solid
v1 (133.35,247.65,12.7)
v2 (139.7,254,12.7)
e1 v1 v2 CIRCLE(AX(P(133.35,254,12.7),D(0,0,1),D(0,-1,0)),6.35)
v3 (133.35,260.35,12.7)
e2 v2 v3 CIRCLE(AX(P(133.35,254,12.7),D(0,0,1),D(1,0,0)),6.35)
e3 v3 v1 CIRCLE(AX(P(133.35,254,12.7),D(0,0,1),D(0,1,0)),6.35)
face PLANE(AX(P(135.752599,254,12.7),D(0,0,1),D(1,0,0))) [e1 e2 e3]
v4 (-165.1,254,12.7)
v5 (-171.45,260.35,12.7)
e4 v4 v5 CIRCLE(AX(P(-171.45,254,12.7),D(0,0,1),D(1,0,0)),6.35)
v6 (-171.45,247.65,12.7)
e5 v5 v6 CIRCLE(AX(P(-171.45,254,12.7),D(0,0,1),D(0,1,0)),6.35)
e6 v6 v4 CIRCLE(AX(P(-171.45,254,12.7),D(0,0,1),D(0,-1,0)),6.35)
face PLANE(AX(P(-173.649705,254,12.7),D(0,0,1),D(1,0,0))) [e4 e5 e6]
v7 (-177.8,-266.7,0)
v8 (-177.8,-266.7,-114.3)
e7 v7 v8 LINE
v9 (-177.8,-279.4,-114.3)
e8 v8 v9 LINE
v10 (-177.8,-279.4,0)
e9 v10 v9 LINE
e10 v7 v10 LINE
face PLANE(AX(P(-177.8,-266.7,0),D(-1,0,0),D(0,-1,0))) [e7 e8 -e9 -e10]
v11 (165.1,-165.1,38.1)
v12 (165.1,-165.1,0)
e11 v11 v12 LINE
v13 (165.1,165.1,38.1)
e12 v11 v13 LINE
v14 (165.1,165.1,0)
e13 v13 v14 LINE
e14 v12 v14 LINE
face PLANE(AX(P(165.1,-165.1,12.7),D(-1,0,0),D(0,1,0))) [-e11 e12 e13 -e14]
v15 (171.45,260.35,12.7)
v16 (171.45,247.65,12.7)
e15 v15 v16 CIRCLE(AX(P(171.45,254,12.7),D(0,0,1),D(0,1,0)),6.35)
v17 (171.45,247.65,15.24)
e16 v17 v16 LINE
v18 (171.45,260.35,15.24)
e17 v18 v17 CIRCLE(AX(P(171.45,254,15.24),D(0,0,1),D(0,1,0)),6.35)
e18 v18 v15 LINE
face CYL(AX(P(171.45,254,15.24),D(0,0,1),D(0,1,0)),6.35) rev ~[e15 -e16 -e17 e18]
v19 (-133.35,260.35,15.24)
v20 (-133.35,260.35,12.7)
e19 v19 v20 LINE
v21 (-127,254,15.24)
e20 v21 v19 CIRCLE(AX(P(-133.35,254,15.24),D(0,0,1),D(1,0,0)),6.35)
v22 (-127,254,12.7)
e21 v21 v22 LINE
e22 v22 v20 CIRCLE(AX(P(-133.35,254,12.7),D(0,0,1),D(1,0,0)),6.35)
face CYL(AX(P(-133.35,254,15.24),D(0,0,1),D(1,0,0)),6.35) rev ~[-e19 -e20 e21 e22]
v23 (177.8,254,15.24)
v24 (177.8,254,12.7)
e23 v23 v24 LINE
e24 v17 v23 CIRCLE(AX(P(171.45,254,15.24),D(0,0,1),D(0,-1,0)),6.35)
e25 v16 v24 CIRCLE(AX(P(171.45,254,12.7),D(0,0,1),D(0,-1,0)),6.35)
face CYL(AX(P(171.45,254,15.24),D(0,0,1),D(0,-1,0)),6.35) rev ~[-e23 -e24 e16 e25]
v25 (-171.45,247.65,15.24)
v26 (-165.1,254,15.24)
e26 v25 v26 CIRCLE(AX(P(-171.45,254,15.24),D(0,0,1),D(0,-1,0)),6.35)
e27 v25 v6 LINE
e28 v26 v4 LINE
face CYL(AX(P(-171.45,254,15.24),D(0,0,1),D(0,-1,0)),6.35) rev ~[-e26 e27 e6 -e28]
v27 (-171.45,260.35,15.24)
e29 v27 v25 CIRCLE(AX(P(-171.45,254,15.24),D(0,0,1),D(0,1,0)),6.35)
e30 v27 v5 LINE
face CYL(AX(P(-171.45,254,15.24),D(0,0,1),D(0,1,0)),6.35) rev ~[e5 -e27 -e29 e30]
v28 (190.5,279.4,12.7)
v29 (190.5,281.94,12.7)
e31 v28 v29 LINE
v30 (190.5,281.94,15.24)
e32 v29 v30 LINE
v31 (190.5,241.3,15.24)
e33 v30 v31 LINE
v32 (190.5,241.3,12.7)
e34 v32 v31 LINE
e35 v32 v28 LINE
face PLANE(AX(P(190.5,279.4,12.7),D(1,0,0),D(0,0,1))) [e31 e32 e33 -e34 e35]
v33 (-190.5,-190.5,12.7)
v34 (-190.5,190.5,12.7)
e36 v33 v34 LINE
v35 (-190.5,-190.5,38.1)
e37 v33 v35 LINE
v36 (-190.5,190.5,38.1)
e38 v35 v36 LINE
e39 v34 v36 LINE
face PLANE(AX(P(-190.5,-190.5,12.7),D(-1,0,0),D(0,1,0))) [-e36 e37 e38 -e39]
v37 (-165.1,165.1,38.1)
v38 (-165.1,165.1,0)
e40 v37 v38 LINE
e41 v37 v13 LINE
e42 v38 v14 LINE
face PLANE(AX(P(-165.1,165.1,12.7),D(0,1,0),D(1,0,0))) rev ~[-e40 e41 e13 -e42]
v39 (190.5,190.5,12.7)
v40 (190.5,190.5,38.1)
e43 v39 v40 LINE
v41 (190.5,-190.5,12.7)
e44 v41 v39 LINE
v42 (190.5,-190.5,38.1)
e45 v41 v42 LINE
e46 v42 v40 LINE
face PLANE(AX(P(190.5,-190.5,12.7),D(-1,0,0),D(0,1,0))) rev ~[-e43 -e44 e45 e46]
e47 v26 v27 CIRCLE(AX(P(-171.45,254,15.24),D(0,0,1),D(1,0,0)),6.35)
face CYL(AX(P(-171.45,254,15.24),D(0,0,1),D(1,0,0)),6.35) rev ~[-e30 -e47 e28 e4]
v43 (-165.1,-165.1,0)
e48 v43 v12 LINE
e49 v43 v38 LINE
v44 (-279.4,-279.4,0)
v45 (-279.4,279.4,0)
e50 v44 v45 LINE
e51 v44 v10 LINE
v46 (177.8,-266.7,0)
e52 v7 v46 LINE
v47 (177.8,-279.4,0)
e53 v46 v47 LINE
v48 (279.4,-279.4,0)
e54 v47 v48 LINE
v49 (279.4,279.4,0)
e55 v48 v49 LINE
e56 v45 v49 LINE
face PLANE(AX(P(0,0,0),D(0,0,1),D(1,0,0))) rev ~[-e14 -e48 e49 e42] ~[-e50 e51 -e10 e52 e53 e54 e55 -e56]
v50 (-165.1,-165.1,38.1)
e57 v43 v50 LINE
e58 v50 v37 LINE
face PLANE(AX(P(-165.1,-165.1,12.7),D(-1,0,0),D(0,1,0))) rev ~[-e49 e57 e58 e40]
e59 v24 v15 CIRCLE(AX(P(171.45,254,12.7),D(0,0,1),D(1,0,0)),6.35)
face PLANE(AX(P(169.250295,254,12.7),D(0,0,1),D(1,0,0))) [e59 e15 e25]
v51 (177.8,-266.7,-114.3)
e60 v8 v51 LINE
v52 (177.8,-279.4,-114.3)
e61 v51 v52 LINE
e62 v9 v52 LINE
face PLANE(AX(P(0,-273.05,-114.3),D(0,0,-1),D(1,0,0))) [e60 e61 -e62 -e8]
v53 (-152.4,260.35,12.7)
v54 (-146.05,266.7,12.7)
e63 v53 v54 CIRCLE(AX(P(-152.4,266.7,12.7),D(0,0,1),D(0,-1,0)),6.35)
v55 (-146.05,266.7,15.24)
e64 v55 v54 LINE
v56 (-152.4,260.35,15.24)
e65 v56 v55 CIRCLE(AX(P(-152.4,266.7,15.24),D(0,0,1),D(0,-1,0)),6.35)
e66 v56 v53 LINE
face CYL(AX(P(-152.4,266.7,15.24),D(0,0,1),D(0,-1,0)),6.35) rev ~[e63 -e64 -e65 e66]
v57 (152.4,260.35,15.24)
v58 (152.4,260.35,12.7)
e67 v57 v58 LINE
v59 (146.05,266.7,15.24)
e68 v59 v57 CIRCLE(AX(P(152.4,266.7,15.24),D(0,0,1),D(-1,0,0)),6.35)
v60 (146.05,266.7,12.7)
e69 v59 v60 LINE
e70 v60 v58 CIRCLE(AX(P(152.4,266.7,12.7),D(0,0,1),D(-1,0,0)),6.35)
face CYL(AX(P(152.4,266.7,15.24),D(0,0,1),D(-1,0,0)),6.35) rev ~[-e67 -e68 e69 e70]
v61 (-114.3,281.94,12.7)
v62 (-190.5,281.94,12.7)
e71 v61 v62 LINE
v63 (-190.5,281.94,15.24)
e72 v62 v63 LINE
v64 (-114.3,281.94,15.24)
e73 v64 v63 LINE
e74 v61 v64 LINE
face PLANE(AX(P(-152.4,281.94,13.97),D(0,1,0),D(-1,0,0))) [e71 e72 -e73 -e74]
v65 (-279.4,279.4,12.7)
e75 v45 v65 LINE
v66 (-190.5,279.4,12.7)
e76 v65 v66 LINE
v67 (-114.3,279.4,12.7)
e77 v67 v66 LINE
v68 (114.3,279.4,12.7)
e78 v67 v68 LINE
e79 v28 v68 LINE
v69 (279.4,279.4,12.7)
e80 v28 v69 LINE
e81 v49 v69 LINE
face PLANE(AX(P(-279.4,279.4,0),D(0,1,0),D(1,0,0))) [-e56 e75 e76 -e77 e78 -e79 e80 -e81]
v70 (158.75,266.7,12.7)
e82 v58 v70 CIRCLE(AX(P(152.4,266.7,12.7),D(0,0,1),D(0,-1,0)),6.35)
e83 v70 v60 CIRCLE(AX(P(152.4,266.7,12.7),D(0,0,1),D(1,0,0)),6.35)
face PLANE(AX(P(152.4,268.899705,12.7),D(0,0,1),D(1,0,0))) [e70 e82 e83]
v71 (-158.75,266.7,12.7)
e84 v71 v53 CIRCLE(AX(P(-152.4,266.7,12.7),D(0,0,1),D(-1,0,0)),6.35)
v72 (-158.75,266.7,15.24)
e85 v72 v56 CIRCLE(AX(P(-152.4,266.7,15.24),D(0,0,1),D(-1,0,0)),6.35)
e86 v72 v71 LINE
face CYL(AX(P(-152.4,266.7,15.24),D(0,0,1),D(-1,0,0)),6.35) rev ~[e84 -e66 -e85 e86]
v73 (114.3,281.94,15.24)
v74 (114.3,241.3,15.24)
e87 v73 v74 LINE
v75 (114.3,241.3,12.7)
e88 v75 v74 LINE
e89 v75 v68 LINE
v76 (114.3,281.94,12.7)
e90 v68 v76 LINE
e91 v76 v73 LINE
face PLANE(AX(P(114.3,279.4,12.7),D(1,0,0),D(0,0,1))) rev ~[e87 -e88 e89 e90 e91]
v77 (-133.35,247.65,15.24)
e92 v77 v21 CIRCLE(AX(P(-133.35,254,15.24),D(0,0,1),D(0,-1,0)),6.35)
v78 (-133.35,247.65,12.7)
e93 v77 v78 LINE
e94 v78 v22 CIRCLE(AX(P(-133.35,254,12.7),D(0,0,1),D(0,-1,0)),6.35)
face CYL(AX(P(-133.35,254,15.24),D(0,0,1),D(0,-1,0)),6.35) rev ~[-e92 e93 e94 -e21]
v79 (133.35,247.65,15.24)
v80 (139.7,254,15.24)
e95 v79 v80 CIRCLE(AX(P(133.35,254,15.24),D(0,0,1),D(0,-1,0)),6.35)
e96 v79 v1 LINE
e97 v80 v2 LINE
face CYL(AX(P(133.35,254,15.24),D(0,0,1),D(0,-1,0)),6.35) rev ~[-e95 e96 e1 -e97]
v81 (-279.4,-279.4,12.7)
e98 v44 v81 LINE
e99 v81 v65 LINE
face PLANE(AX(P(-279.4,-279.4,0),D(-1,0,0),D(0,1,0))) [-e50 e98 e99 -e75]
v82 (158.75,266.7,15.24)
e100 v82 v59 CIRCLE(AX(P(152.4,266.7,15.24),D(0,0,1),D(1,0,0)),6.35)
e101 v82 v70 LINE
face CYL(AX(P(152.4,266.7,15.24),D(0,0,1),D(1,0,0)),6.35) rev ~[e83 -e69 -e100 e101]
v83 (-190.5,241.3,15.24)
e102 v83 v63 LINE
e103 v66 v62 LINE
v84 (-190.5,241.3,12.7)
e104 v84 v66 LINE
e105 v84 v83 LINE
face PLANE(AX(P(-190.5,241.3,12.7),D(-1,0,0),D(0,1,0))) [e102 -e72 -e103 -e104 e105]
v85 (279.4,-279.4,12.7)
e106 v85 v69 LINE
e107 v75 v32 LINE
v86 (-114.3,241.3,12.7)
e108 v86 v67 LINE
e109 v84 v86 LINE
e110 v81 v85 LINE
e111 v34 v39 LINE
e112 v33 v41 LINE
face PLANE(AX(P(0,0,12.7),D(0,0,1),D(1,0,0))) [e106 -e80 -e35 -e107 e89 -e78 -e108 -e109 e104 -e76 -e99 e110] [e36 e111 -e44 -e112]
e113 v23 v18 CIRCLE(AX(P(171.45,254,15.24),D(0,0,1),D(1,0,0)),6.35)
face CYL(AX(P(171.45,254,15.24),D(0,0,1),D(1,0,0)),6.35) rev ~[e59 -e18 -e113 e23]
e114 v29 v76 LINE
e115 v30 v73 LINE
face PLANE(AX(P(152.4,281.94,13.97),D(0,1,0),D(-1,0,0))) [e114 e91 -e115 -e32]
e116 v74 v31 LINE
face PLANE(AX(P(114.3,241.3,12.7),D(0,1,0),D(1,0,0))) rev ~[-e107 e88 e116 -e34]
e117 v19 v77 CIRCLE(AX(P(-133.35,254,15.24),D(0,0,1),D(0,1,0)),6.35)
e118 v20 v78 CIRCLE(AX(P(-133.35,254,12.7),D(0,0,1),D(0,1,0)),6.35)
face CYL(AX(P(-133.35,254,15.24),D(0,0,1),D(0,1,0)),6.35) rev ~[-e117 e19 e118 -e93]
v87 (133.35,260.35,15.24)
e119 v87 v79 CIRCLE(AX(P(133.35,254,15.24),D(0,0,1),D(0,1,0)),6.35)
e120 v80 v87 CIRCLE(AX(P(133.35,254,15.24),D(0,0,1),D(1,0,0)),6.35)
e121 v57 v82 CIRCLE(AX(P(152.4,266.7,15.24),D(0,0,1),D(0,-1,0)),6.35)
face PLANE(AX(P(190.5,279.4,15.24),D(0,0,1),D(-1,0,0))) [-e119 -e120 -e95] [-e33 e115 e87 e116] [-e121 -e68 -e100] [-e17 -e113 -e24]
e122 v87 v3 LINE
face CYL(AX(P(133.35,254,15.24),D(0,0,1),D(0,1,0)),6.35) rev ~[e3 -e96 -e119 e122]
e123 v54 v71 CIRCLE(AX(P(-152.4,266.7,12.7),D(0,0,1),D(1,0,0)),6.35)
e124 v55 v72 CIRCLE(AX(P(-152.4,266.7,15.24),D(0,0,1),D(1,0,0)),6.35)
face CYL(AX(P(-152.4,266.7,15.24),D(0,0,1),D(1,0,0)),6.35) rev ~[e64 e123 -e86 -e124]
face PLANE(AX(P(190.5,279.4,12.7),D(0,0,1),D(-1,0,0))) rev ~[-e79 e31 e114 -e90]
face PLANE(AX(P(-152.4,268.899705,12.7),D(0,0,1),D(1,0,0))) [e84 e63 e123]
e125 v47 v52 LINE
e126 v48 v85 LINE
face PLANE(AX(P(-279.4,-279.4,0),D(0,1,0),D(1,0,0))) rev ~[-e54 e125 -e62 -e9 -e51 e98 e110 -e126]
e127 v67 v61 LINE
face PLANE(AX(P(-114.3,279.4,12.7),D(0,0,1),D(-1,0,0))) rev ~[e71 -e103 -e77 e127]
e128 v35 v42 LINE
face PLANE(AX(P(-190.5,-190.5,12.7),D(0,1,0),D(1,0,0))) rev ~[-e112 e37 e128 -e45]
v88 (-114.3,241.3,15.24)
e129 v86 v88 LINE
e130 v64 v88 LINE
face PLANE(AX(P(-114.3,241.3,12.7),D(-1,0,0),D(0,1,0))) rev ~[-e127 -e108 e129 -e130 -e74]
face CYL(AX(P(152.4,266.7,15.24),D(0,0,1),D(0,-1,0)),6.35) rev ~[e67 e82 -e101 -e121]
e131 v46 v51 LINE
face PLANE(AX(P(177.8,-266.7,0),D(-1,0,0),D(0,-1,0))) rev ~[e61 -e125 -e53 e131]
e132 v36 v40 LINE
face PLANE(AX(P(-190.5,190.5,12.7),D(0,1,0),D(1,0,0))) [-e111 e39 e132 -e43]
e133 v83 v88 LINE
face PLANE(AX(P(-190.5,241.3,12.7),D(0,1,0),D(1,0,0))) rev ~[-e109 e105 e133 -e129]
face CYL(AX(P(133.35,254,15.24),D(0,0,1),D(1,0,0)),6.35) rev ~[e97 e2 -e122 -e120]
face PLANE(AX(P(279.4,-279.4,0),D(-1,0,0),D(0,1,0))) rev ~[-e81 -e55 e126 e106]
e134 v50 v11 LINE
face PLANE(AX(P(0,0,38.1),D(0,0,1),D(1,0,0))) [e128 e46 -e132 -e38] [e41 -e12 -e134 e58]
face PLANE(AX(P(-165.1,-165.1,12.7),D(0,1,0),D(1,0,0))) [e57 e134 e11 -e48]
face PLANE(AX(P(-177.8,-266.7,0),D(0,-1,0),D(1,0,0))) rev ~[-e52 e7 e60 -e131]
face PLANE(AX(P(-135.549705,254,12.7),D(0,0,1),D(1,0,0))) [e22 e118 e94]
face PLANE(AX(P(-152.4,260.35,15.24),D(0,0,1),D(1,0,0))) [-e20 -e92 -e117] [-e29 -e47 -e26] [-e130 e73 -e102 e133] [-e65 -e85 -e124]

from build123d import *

# Parameters (mm, degrees)
F0_W      = 558.8
F0_H      = 558.8
F1_DEPTH  = 12.7
F2_W      = 355.6
F2_H      = 12.7
F3_DEPTH  = 114.3
F4_W      = 330.2
F4_H      = 330.2
F5_DEPTH  = 25.4
F6_W      = 381
F6_H      = 381
F6_W_2    = 330.2
F6_H_2    = 330.2
F7_DEPTH  = 25.4
F8_W      = 76.2
F8_H      = 38.1
F9_DEPTH  = 2.54
F10_W     = 76.2
F10_H     = 2.54
F11_DEPTH = 2.54
F13_DEPTH = 2.54
F15_DEPTH = 2.54


with BuildPart() as f1:
    # F0 (on Top) → F1 (new body)
    with BuildSketch(Plane.XY):
        Rectangle(F0_W, F0_H)
    extrude(amount=F1_DEPTH)

    # F2 (on face) → F3 (join)
    with BuildSketch(Plane(origin=(0, 0, 0), x_dir=(1, 0, 0), z_dir=(0, 0, -1))):
        with Locations((0, 273.05)):
            Rectangle(F2_W, F2_H)
    extrude(amount=F3_DEPTH)

    # F4 (on face) → F5 (cut)
    with BuildSketch(Plane.XY.offset(12.7)):
        Rectangle(F4_W, F4_H)
    extrude(amount=-F5_DEPTH, mode=Mode.SUBTRACT)

    # F6 (on face) → F7 (join)
    with BuildSketch(Plane.XY.offset(12.7)):
        Rectangle(F6_W, F6_H)
        Rectangle(F6_W_2, F6_H_2, mode=Mode.SUBTRACT)
    extrude(amount=F7_DEPTH)

    # F8 (on face) → F9 (join)
    with BuildSketch(Plane.XY.offset(12.7)):
        with Locations((-152.4, 260.35)):
            Rectangle(F8_W, F8_H)
        with Locations((152.4, 260.35)):
            Rectangle(F8_W, F8_H)
    extrude(amount=F9_DEPTH)

    # F10 (on face) → F11 (join)
    with BuildSketch(Plane(origin=(0, 279.4, 0), x_dir=(-1, 0, 0), z_dir=(0, 1, 0))):
        with Locations((-152.4, 13.97)):
            Rectangle(F10_W, F10_H)
        with Locations((152.4, 13.97)):
            Rectangle(F10_W, F10_H)
    extrude(amount=F11_DEPTH)

    # F12 (on face) → F13 (cut)
    with BuildSketch(Plane.XY.offset(15.24)):
        with BuildLine():
            Line((-158.75, 266.7), (-152.4, 266.7))
            Line((-152.4, 266.7), (-146.05, 266.7))
            ThreePointArc((-146.05, 266.7), (-152.4, 273.05), (-158.75, 266.7))
        make_face()
        with BuildLine():
            ThreePointArc((-158.75, 266.7), (-156.8901280605, 262.2098719395), (-152.4, 260.35))
            Line((-152.4, 260.35), (-152.4, 266.7))
            Line((-152.4, 266.7), (-158.75, 266.7))
        make_face()
        with BuildLine():
            Line((-152.4, 266.7), (-152.4, 260.35))
            ThreePointArc((-152.4, 260.35), (-147.9098719395, 262.2098719395), (-146.05, 266.7))
            Line((-146.05, 266.7), (-152.4, 266.7))
        make_face()
        with BuildLine():
            ThreePointArc((-171.45, 260.35), (-177.8, 254), (-171.45, 247.65))
            Line((-171.45, 247.65), (-171.45, 260.35))
        make_face()
        with BuildLine():
            Line((-171.45, 260.35), (-171.45, 247.65))
            ThreePointArc((-171.45, 247.65), (-166.9598719395, 249.5098719395), (-165.1, 254))
            ThreePointArc((-165.1, 254), (-166.9598719395, 258.4901280605), (-171.45, 260.35))
        make_face()
        with BuildLine():
            ThreePointArc((-133.35, 260.35), (-139.7, 254), (-133.35, 247.65))
            Line((-133.35, 247.65), (-133.35, 260.35))
        make_face()
        with BuildLine():
            Line((-133.35, 260.35), (-133.35, 247.65))
            ThreePointArc((-133.35, 247.65), (-128.8598719395, 249.5098719395), (-127, 254))
            ThreePointArc((-127, 254), (-128.8598719395, 258.4901280605), (-133.35, 260.35))
        make_face()
    extrude(amount=-F13_DEPTH, mode=Mode.SUBTRACT)

    # F14 (on face) → F15 (cut)
    with BuildSketch(Plane.XY.offset(15.24)):
        with BuildLine():
            Line((146.05, 266.7), (152.4, 266.7))
            Line((152.4, 266.7), (158.75, 266.7))
            ThreePointArc((158.75, 266.7), (152.4, 273.05), (146.05, 266.7))
        make_face()
        with BuildLine():
            ThreePointArc((146.05, 266.7), (147.9098719395, 262.2098719395), (152.4, 260.35))
            Line((152.4, 260.35), (152.4, 266.7))
            Line((152.4, 266.7), (146.05, 266.7))
        make_face()
        with BuildLine():
            Line((152.4, 266.7), (152.4, 260.35))
            ThreePointArc((152.4, 260.35), (156.8901280605, 262.2098719395), (158.75, 266.7))
            Line((158.75, 266.7), (152.4, 266.7))
        make_face()
        with BuildLine():
            ThreePointArc((171.45, 260.35), (165.1, 254), (171.45, 247.65))
            Line((171.45, 247.65), (171.45, 260.35))
        make_face()
        with BuildLine():
            Line((171.45, 260.35), (171.45, 247.65))
            ThreePointArc((171.45, 247.65), (175.9401280605, 249.5098719395), (177.8, 254))
            ThreePointArc((177.8, 254), (175.9401280605, 258.4901280605), (171.45, 260.35))
        make_face()
        with BuildLine():
            Line((133.35, 260.35), (133.35, 247.65))
            ThreePointArc((133.35, 247.65), (137.8401280605, 249.5098719395), (139.7, 254))
            ThreePointArc((139.7, 254), (137.8401280605, 258.4901280605), (133.35, 260.35))
        make_face()
        with BuildLine():
            ThreePointArc((133.35, 260.35), (127, 254), (133.35, 247.65))
            Line((133.35, 247.65), (133.35, 260.35))
        make_face()
    extrude(amount=-F15_DEPTH, mode=Mode.SUBTRACT)


solid = f1.part
